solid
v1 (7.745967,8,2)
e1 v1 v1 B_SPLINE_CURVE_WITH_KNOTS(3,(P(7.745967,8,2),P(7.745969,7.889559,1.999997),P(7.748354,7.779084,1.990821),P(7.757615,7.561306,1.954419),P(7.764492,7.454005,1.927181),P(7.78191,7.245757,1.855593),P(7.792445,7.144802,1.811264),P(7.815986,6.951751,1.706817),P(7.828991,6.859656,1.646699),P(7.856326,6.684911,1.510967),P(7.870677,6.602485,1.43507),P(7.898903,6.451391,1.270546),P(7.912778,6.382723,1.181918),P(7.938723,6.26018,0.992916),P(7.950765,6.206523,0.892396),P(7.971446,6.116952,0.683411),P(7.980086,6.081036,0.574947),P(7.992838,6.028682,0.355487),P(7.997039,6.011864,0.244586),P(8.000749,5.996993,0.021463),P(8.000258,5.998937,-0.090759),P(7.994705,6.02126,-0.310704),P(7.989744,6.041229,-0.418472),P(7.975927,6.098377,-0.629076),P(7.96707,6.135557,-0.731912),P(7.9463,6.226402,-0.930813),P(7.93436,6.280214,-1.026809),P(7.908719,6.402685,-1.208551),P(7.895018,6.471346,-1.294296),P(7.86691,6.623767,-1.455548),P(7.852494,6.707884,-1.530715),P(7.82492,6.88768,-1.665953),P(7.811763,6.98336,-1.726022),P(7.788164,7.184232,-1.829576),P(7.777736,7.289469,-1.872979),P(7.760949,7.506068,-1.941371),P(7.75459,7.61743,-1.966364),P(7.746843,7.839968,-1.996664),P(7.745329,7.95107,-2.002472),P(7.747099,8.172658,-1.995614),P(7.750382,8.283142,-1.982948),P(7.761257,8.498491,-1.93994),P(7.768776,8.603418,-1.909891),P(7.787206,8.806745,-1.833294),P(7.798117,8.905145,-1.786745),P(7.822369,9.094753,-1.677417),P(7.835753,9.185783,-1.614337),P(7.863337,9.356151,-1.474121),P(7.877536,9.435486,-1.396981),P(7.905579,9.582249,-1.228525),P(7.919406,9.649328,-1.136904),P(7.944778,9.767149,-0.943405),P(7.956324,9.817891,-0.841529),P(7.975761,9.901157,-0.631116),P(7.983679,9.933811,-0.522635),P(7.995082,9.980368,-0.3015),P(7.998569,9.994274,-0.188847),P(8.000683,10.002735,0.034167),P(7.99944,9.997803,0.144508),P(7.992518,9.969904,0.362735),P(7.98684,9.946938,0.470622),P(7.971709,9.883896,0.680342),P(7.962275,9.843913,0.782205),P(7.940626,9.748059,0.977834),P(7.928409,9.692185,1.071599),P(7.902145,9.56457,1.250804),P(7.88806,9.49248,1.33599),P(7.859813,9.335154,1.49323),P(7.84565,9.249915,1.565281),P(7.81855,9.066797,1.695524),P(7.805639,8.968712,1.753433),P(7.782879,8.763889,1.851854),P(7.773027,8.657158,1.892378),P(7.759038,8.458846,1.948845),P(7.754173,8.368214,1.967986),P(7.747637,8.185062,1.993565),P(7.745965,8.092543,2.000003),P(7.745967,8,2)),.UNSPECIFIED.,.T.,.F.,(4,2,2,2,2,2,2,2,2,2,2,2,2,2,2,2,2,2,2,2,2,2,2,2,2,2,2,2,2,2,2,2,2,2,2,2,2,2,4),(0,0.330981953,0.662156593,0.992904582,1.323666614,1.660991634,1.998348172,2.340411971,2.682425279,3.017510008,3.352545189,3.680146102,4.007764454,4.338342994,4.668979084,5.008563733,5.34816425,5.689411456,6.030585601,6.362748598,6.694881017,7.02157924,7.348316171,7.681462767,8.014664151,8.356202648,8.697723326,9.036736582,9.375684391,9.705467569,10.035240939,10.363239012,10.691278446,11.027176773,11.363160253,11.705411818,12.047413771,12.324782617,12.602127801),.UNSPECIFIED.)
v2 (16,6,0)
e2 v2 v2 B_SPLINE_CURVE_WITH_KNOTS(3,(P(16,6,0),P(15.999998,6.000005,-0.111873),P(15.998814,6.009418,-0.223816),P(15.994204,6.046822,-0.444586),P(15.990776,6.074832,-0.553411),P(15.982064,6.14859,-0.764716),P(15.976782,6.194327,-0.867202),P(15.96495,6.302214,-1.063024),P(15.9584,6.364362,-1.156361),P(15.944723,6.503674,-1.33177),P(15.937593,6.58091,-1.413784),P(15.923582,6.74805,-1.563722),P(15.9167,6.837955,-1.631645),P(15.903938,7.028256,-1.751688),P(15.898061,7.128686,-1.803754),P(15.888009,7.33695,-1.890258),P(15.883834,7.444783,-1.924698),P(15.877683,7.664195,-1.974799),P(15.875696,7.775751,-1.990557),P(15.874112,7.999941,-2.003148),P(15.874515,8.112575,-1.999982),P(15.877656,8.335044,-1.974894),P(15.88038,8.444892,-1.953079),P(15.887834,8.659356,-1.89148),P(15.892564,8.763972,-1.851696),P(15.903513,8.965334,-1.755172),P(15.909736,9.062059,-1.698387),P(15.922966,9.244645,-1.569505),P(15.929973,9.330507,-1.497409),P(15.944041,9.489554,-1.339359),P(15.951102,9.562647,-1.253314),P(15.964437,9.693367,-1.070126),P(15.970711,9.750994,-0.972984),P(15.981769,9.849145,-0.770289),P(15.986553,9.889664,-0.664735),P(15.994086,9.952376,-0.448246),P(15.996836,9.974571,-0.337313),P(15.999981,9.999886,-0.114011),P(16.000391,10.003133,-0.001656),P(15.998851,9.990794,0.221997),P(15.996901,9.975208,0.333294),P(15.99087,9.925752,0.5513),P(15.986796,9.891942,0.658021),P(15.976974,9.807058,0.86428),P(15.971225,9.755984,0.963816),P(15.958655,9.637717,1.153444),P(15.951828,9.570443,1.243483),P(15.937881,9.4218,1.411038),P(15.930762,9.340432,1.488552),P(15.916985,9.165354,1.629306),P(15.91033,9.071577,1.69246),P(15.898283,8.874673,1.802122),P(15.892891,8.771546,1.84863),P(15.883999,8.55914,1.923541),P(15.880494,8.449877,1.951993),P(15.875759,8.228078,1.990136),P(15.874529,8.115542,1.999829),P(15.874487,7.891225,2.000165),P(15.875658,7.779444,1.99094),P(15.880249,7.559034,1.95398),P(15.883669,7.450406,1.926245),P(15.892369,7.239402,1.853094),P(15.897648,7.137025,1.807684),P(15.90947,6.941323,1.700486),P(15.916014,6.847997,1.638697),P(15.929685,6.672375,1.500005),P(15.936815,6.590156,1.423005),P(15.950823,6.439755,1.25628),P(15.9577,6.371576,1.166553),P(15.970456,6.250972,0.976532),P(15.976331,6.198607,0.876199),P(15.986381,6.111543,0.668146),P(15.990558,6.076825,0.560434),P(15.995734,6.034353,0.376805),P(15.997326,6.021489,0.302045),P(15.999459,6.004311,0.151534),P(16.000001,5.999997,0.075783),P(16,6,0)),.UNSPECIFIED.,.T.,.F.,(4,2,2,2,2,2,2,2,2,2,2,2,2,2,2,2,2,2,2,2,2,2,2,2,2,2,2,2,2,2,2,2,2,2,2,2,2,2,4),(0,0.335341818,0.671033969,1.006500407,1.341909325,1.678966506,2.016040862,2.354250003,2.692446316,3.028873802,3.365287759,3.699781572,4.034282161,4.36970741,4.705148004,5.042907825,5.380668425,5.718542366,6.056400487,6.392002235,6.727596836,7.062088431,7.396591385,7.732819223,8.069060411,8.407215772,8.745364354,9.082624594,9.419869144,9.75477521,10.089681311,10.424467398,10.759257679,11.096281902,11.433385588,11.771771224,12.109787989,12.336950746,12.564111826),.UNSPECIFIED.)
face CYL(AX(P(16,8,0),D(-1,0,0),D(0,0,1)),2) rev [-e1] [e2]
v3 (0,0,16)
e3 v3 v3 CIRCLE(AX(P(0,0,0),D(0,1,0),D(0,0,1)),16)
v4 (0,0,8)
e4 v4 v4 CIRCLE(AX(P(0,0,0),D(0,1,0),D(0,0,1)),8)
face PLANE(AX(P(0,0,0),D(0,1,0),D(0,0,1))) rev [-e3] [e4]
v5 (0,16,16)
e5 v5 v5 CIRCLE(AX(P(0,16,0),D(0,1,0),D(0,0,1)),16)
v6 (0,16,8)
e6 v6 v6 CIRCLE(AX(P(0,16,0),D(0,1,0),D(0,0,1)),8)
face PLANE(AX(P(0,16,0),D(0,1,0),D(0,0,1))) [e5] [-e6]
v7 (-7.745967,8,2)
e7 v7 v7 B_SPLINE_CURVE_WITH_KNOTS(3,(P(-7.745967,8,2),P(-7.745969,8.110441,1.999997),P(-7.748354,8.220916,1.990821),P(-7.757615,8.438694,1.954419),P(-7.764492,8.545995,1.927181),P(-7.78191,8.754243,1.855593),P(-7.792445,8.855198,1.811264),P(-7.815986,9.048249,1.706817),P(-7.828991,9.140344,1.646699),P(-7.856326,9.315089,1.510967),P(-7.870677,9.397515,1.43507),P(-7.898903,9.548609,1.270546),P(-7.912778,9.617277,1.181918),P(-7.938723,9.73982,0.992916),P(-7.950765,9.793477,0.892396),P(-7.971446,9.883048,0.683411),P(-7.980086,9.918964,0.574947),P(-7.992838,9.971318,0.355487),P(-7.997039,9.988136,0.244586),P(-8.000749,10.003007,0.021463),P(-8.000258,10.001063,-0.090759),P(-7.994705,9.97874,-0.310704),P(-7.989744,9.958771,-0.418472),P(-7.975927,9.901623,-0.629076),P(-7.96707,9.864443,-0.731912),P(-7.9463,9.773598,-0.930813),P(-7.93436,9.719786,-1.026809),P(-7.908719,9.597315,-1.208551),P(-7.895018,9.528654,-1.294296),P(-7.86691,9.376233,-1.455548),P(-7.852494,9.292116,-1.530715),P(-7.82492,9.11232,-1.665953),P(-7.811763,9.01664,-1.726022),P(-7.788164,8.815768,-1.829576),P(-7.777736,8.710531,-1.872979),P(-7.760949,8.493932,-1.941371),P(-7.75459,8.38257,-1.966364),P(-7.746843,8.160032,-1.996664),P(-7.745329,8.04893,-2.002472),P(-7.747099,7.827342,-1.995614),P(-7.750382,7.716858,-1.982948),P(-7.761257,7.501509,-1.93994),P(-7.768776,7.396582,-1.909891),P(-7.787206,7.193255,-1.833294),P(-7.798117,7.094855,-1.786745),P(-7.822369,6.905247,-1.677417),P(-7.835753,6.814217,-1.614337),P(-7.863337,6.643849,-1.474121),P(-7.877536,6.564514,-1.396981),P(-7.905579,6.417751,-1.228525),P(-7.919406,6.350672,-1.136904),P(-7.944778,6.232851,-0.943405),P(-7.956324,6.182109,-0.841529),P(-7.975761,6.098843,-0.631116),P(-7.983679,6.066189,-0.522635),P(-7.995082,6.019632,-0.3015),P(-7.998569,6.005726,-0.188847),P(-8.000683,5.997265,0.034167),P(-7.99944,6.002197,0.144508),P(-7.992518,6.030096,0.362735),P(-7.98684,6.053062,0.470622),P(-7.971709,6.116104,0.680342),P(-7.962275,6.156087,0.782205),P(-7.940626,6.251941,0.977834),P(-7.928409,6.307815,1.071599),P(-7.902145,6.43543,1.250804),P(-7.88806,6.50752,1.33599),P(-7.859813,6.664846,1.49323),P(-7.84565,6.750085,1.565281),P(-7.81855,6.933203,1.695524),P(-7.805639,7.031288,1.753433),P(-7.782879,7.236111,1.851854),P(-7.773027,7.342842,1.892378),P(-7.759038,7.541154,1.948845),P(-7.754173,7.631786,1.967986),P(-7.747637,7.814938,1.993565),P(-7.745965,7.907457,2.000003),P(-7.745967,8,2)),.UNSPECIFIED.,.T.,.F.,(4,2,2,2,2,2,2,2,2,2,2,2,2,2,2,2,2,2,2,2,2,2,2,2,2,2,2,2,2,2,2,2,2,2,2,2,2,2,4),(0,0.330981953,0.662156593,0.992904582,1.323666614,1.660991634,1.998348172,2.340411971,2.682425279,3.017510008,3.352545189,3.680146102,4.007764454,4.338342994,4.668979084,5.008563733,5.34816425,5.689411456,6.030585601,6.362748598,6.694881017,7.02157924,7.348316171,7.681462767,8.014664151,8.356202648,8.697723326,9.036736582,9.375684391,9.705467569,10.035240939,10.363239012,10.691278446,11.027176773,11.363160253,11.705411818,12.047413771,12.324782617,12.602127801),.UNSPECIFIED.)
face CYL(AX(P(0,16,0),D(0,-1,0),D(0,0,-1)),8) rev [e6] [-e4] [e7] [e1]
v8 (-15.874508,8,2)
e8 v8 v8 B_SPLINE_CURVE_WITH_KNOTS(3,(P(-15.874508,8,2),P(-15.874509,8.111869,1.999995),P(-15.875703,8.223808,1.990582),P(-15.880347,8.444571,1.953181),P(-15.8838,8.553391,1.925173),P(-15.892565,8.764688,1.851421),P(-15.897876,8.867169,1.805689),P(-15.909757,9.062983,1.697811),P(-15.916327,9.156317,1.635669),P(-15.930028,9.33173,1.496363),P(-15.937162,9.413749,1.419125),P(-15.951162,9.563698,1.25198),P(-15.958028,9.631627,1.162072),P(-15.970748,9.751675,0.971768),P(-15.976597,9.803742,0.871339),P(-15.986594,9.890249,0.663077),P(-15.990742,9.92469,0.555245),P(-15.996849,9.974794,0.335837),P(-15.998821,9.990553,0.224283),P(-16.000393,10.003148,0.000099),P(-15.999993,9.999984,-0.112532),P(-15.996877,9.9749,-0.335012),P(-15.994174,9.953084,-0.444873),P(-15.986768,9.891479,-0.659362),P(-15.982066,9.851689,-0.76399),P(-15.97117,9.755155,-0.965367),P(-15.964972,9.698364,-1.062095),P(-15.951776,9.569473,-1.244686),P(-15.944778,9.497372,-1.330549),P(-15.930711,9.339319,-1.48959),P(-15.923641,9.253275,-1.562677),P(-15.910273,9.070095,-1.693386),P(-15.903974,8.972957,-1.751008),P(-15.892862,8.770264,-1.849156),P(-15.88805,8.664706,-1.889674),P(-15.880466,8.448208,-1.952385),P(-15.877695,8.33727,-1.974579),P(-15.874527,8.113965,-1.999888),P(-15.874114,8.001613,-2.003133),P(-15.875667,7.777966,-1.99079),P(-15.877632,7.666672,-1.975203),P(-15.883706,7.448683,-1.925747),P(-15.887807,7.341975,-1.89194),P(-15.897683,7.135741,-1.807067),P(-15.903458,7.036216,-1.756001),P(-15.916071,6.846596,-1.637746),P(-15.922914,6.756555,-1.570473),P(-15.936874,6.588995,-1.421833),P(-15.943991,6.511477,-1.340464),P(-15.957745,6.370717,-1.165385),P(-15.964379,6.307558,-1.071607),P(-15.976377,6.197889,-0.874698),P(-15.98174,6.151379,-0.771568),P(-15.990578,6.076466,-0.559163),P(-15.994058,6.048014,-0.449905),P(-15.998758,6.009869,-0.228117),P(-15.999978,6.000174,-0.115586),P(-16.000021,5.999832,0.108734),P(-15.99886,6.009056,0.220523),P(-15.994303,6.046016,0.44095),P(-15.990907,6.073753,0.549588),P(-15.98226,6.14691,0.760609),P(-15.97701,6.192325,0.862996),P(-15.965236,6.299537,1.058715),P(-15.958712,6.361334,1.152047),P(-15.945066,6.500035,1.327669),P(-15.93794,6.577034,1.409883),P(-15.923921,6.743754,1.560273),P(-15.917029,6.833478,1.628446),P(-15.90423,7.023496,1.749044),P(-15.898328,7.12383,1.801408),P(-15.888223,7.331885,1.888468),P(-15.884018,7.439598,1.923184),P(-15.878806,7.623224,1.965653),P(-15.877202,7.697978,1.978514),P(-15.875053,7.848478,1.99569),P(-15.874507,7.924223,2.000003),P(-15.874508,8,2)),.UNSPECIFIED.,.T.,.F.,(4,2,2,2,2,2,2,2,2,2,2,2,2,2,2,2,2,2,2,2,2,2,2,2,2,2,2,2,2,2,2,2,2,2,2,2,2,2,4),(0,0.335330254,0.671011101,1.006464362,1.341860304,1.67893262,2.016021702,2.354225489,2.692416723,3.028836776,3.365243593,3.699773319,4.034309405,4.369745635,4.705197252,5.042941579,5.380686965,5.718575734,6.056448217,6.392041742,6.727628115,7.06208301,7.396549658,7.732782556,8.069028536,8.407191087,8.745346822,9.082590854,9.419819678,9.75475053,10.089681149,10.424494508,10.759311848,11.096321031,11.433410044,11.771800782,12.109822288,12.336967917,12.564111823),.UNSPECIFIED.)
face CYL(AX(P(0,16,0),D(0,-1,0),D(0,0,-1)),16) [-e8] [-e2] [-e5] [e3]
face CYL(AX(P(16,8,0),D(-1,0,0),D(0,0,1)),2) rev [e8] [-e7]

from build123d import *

# Parameters (mm, degrees)
SKETCH1_R               = 16
SKETCH1_R_2             = 8
BOSS_EXTRUDE1_DEPTH     = 16
CUT_EXTRUDE1_DEPTH      = 16
CUT_EXTRUDE1_DEPTH_BACK = 16
SKETCH2_R               = 2


with BuildPart() as part:
    # Sketch1 → Boss-Extrude1 (new body)
    with BuildSketch(Plane(origin=(0, 0, 0), x_dir=(1, 0, 0), z_dir=(0, 1, 0))):
        Circle(SKETCH1_R)
        Circle(SKETCH1_R_2, mode=Mode.SUBTRACT)
    extrude(amount=BOSS_EXTRUDE1_DEPTH)

    # Sketch2 → Cut-Extrude1 (cut, two sides: drawn at the far end of the back side and taken through both)
    with BuildSketch(Plane(origin=(0, 0, 0), x_dir=(0, 0, -1), z_dir=(1, 0, 0)).offset(-CUT_EXTRUDE1_DEPTH_BACK)):
        with Locations((0, 8)):
            Circle(SKETCH2_R)
    extrude(amount=CUT_EXTRUDE1_DEPTH + CUT_EXTRUDE1_DEPTH_BACK, mode=Mode.SUBTRACT)


solid = part.part
